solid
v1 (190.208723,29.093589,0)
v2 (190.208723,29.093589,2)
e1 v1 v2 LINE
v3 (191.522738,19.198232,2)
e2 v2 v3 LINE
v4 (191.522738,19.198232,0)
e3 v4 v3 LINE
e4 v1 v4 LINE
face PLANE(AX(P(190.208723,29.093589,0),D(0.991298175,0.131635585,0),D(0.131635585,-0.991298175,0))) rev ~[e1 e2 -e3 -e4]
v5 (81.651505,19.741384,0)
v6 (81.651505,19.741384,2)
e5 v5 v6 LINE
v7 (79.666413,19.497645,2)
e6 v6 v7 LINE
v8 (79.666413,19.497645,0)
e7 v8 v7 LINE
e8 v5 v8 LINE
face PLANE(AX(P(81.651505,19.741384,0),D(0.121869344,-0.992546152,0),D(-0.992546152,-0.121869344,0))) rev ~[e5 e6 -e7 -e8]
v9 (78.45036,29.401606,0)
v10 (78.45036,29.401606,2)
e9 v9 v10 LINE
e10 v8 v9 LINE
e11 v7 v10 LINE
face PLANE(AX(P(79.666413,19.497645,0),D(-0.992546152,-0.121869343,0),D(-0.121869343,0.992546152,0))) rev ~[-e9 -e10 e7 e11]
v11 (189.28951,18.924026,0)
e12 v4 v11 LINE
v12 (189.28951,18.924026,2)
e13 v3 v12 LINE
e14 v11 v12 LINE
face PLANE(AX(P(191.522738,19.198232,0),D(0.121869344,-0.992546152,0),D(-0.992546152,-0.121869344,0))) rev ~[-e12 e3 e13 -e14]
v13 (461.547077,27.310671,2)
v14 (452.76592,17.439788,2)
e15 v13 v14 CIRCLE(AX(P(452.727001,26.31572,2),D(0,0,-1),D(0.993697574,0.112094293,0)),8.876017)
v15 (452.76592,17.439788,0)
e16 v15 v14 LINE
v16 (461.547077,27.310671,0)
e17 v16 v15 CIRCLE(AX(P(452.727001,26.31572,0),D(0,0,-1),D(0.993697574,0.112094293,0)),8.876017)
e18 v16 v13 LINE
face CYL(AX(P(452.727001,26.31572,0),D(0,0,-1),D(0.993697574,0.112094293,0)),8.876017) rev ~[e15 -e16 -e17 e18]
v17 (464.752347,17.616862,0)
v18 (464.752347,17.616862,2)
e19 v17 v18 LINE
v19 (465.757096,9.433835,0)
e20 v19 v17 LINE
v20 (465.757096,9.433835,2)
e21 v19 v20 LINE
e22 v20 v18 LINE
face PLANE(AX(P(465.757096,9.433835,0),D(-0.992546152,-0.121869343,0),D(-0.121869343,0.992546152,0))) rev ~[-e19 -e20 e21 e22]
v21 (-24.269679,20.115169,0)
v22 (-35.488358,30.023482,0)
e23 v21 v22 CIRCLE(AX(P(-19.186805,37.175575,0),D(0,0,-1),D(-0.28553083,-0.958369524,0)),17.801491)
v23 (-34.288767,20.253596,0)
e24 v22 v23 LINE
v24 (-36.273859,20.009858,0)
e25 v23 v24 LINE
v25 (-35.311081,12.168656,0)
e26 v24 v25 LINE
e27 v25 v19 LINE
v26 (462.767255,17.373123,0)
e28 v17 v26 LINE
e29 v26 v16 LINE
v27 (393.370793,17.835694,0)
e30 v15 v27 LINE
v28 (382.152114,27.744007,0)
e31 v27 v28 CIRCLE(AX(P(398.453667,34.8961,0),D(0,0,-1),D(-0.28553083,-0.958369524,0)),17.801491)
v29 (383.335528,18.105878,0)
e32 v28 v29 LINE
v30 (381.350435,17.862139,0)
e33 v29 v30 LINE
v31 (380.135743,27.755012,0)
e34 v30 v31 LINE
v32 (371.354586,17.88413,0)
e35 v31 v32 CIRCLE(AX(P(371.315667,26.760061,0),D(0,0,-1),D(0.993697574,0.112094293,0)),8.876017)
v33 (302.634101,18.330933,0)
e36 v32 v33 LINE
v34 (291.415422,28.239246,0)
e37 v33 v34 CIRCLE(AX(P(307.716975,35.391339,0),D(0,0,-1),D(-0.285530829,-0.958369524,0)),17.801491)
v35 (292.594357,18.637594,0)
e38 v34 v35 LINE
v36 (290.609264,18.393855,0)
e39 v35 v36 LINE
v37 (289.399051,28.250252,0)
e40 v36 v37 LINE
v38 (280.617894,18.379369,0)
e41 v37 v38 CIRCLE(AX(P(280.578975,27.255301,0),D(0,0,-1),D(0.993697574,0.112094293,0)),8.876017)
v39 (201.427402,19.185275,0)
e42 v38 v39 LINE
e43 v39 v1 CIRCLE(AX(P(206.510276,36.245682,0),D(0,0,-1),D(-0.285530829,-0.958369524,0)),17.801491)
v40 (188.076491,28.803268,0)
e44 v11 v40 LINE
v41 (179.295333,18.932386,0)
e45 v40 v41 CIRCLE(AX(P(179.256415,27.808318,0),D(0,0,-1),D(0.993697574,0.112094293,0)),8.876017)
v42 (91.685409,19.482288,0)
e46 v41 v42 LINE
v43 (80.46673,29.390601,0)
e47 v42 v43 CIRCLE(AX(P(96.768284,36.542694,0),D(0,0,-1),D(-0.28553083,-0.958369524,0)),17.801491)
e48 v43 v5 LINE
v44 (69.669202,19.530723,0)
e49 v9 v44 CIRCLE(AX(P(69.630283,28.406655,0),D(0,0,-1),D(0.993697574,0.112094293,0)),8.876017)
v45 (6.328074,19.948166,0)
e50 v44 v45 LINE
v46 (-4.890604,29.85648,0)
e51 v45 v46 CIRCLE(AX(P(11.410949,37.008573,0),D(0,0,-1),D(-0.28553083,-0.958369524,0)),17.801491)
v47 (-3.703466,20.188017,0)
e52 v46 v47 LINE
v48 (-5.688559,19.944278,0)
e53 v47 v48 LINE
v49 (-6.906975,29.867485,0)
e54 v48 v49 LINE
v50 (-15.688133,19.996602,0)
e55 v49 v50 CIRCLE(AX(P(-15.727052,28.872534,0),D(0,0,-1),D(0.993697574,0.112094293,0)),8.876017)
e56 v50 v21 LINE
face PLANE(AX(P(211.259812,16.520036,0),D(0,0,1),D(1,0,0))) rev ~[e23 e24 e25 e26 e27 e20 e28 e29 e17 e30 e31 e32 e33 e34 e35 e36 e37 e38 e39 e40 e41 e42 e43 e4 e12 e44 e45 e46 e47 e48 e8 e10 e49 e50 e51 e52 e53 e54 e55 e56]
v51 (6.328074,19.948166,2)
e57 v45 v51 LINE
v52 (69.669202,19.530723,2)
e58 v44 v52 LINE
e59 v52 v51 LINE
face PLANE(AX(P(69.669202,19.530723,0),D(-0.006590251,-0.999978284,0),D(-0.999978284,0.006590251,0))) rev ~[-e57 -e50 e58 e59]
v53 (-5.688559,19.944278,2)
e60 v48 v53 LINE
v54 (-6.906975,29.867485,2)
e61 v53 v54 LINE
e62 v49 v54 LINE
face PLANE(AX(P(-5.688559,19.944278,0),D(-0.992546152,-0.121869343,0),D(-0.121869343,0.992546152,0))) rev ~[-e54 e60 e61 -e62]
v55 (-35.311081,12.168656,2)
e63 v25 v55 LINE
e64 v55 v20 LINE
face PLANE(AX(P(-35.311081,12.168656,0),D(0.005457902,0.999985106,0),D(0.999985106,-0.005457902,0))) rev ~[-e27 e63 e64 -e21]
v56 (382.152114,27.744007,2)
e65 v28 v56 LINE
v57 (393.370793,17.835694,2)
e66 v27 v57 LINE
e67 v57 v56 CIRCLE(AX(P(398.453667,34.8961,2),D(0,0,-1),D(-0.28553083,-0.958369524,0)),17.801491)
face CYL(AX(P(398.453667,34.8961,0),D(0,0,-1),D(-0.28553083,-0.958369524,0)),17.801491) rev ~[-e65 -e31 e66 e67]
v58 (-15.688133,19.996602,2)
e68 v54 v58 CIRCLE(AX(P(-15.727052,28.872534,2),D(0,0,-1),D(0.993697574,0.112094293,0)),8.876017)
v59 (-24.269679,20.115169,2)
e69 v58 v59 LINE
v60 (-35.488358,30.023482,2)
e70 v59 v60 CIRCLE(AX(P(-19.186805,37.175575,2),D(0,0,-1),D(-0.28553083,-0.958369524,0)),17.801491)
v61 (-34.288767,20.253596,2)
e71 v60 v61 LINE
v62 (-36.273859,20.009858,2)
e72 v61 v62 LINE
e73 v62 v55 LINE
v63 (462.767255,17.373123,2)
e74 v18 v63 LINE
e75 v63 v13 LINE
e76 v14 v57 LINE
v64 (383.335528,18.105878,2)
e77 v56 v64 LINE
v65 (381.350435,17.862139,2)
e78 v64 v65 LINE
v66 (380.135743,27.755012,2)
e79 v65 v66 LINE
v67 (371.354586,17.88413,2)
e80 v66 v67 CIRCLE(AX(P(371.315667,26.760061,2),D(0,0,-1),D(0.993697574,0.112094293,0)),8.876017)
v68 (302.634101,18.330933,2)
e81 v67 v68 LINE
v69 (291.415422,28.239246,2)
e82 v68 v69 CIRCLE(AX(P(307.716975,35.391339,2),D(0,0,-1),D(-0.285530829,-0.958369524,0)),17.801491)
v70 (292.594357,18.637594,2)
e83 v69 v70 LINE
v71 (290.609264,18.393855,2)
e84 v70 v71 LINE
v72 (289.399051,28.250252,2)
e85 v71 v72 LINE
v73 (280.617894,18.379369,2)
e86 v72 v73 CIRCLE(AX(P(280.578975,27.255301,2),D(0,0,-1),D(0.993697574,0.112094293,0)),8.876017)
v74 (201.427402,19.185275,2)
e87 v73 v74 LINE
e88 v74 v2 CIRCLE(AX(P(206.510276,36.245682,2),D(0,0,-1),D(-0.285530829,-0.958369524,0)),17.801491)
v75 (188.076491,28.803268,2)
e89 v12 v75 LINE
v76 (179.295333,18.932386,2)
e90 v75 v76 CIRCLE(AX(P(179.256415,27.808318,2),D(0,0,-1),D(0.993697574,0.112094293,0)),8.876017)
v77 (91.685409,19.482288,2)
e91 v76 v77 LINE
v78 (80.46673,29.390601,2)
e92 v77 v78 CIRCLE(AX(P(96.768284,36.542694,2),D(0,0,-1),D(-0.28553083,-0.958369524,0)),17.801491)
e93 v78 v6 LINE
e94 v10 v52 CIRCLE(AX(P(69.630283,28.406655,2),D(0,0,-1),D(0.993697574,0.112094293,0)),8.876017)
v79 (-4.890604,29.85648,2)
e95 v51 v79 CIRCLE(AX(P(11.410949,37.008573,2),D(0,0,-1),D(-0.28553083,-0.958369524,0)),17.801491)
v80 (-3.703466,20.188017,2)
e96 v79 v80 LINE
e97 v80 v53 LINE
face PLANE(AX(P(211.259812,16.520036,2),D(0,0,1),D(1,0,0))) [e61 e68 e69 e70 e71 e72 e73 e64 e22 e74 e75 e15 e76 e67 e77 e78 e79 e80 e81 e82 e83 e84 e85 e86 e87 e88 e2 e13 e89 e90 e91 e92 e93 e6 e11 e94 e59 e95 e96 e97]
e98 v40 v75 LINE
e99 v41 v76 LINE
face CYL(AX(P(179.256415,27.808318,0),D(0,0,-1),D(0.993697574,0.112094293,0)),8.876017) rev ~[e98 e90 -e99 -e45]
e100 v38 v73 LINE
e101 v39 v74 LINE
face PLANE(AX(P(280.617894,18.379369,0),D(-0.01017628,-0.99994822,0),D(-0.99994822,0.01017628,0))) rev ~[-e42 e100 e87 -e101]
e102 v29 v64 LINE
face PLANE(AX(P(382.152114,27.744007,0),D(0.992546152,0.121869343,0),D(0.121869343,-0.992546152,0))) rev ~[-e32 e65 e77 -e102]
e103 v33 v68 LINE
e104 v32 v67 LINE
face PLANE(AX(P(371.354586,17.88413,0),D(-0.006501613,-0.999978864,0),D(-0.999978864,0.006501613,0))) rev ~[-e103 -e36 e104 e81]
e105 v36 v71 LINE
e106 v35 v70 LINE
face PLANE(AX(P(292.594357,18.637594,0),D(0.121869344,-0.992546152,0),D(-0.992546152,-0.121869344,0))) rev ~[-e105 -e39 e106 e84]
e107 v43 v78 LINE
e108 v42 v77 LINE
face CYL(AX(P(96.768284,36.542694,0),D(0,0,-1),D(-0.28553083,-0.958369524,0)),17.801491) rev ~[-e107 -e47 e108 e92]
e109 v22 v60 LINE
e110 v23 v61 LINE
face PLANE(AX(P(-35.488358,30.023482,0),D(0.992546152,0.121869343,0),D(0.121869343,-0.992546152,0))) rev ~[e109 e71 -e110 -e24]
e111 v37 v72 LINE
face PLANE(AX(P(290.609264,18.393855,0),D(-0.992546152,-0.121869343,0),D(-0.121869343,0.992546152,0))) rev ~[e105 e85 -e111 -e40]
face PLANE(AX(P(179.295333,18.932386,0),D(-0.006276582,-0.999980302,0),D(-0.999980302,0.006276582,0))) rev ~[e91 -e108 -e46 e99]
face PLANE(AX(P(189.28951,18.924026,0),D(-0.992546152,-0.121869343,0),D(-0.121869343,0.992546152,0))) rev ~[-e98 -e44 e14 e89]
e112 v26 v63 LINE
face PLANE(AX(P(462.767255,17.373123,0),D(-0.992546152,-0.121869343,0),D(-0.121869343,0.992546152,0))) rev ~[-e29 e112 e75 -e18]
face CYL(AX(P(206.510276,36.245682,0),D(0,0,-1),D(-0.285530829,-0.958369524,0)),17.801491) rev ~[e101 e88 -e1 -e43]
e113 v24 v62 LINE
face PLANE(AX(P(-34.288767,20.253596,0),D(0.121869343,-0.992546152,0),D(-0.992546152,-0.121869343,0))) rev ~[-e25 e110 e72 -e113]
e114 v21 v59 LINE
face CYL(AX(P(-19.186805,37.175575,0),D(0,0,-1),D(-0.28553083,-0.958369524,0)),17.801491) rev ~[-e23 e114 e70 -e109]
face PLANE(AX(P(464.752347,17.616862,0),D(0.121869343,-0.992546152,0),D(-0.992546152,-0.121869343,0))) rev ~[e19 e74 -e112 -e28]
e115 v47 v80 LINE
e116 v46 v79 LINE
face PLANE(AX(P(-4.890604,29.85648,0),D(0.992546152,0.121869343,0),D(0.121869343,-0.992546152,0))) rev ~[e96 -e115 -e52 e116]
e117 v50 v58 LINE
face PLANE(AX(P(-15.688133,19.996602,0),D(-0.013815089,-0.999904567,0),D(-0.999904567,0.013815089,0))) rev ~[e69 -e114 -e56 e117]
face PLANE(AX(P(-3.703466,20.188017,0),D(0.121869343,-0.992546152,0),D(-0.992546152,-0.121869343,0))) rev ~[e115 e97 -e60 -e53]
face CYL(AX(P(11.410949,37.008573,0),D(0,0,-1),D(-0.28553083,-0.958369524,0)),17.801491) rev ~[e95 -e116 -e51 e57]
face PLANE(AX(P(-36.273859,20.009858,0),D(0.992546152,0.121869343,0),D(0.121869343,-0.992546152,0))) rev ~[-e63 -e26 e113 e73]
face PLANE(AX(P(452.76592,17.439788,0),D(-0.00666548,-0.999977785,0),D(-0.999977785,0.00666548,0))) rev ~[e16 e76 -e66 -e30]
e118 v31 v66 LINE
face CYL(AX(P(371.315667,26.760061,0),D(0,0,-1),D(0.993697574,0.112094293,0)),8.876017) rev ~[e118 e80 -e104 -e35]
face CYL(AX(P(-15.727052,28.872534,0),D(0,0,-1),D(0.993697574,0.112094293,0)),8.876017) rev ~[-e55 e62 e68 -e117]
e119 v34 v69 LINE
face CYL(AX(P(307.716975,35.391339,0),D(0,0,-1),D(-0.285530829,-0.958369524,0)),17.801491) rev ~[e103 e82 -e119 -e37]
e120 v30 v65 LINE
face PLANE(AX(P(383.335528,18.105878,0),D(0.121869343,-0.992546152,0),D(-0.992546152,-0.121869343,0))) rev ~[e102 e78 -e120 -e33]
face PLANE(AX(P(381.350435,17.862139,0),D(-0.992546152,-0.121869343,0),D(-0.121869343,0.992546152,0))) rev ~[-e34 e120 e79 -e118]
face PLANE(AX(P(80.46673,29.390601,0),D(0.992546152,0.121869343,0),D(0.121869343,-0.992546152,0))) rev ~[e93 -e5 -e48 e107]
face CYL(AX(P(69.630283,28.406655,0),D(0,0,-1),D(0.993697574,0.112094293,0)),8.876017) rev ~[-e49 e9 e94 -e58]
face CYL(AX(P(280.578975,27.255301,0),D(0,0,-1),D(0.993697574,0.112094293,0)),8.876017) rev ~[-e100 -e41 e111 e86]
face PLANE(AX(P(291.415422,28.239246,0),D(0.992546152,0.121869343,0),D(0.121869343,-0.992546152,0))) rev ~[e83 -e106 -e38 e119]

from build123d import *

# Parameters (mm, degrees)
EXTRUDE_1_DEPTH = 2


with BuildPart() as part:
    # Model → 凸台-拉伸1 (new body)
    with BuildSketch(Plane.XY):
        with BuildLine():
            Line((-35.311080617, 12.168656155), (465.757096498, 9.433834614))
            Line((465.757096498, 9.433834614), (464.752347114, 17.616861673))
            Line((464.752347114, 17.616861673), (462.76725481, 17.373122986))
            Line((462.76725481, 17.373122986), (461.547077382, 27.310670661))
            ThreePointArc((461.547077382, 27.310670661), (459.358669596, 20.416173483), (452.765919761, 17.439788161))
            Line((452.765919761, 17.439788161), (393.370792837, 17.835693957))
            ThreePointArc((393.370792837, 17.835693957), (386.669478588, 21.553462885), (382.152114107, 27.744007013))
            Line((382.152114107, 27.744007013), (383.335527601, 18.105877549))
            Line((383.335527601, 18.105877549), (381.350435298, 17.862138863))
            Line((381.350435298, 17.862138863), (380.135743173, 27.755012331))
            ThreePointArc((380.135743173, 27.755012331), (377.947335387, 20.860515153), (371.354585551, 17.884129831))
            Line((371.354585551, 17.884129831), (302.634100804, 18.330933271))
            ThreePointArc((302.634100804, 18.330933271), (295.932786555, 22.048702198), (291.415422074, 28.239246326))
            Line((291.415422074, 28.239246326), (292.594356772, 18.637593727))
            Line((292.594356772, 18.637593727), (290.609264469, 18.39385504))
            Line((290.609264469, 18.39385504), (289.39905114, 28.250251644))
            ThreePointArc((289.39905114, 28.250251644), (287.210643354, 21.355754466), (280.617893518, 18.379369144))
            Line((280.617893518, 18.379369144), (201.427401733, 19.185275472))
            ThreePointArc((201.427401733, 19.185275472), (194.726087484, 22.903044399), (190.208723003, 29.093588528))
            Line((190.208723003, 29.093588528), (191.522738388, 19.198231962))
            Line((191.522738388, 19.198231962), (189.289509547, 18.924025939))
            Line((189.289509547, 18.924025939), (188.076491094, 28.803268444))
            ThreePointArc((188.076491094, 28.803268444), (185.888083308, 21.908771266), (179.295333472, 18.932385944))
            Line((179.295333472, 18.932385944), (91.685409222, 19.482287621))
            ThreePointArc((91.685409222, 19.482287621), (84.984094973, 23.200056549), (80.466730491, 29.390600677))
            Line((80.466730491, 29.390600677), (81.651505322, 19.741384012))
            Line((81.651505322, 19.741384012), (79.666413019, 19.497645325))
            Line((79.666413019, 19.497645325), (78.450359557, 29.401605995))
            ThreePointArc((78.450359557, 29.401605995), (76.261951771, 22.507108817), (69.669201936, 19.530723495))
            Line((69.669201936, 19.530723495), (6.328074304, 19.948166495))
            ThreePointArc((6.328074304, 19.948166495), (-0.373239945, 23.665935423), (-4.890604427, 29.856479551))
            Line((-4.890604427, 29.856479551), (-3.70346647, 20.188016775))
            Line((-3.70346647, 20.188016775), (-5.688558774, 19.944278089))
            Line((-5.688558774, 19.944278089), (-6.906975361, 29.867484869))
            ThreePointArc((-6.906975361, 29.867484869), (-9.095383147, 22.972987691), (-15.688132982, 19.996602369))
            Line((-15.688132982, 19.996602369), (-24.269679134, 20.11516851))
            ThreePointArc((-24.269679134, 20.11516851), (-30.970993383, 23.832937438), (-35.488357864, 30.023481566))
            Line((-35.488357864, 30.023481566), (-34.288766793, 20.253596312))
            Line((-34.288766793, 20.253596312), (-36.273859097, 20.009857625))
            Line((-36.273859097, 20.009857625), (-35.311080617, 12.168656155))
        make_face()
    extrude(amount=EXTRUDE_1_DEPTH)


solid = part.part
